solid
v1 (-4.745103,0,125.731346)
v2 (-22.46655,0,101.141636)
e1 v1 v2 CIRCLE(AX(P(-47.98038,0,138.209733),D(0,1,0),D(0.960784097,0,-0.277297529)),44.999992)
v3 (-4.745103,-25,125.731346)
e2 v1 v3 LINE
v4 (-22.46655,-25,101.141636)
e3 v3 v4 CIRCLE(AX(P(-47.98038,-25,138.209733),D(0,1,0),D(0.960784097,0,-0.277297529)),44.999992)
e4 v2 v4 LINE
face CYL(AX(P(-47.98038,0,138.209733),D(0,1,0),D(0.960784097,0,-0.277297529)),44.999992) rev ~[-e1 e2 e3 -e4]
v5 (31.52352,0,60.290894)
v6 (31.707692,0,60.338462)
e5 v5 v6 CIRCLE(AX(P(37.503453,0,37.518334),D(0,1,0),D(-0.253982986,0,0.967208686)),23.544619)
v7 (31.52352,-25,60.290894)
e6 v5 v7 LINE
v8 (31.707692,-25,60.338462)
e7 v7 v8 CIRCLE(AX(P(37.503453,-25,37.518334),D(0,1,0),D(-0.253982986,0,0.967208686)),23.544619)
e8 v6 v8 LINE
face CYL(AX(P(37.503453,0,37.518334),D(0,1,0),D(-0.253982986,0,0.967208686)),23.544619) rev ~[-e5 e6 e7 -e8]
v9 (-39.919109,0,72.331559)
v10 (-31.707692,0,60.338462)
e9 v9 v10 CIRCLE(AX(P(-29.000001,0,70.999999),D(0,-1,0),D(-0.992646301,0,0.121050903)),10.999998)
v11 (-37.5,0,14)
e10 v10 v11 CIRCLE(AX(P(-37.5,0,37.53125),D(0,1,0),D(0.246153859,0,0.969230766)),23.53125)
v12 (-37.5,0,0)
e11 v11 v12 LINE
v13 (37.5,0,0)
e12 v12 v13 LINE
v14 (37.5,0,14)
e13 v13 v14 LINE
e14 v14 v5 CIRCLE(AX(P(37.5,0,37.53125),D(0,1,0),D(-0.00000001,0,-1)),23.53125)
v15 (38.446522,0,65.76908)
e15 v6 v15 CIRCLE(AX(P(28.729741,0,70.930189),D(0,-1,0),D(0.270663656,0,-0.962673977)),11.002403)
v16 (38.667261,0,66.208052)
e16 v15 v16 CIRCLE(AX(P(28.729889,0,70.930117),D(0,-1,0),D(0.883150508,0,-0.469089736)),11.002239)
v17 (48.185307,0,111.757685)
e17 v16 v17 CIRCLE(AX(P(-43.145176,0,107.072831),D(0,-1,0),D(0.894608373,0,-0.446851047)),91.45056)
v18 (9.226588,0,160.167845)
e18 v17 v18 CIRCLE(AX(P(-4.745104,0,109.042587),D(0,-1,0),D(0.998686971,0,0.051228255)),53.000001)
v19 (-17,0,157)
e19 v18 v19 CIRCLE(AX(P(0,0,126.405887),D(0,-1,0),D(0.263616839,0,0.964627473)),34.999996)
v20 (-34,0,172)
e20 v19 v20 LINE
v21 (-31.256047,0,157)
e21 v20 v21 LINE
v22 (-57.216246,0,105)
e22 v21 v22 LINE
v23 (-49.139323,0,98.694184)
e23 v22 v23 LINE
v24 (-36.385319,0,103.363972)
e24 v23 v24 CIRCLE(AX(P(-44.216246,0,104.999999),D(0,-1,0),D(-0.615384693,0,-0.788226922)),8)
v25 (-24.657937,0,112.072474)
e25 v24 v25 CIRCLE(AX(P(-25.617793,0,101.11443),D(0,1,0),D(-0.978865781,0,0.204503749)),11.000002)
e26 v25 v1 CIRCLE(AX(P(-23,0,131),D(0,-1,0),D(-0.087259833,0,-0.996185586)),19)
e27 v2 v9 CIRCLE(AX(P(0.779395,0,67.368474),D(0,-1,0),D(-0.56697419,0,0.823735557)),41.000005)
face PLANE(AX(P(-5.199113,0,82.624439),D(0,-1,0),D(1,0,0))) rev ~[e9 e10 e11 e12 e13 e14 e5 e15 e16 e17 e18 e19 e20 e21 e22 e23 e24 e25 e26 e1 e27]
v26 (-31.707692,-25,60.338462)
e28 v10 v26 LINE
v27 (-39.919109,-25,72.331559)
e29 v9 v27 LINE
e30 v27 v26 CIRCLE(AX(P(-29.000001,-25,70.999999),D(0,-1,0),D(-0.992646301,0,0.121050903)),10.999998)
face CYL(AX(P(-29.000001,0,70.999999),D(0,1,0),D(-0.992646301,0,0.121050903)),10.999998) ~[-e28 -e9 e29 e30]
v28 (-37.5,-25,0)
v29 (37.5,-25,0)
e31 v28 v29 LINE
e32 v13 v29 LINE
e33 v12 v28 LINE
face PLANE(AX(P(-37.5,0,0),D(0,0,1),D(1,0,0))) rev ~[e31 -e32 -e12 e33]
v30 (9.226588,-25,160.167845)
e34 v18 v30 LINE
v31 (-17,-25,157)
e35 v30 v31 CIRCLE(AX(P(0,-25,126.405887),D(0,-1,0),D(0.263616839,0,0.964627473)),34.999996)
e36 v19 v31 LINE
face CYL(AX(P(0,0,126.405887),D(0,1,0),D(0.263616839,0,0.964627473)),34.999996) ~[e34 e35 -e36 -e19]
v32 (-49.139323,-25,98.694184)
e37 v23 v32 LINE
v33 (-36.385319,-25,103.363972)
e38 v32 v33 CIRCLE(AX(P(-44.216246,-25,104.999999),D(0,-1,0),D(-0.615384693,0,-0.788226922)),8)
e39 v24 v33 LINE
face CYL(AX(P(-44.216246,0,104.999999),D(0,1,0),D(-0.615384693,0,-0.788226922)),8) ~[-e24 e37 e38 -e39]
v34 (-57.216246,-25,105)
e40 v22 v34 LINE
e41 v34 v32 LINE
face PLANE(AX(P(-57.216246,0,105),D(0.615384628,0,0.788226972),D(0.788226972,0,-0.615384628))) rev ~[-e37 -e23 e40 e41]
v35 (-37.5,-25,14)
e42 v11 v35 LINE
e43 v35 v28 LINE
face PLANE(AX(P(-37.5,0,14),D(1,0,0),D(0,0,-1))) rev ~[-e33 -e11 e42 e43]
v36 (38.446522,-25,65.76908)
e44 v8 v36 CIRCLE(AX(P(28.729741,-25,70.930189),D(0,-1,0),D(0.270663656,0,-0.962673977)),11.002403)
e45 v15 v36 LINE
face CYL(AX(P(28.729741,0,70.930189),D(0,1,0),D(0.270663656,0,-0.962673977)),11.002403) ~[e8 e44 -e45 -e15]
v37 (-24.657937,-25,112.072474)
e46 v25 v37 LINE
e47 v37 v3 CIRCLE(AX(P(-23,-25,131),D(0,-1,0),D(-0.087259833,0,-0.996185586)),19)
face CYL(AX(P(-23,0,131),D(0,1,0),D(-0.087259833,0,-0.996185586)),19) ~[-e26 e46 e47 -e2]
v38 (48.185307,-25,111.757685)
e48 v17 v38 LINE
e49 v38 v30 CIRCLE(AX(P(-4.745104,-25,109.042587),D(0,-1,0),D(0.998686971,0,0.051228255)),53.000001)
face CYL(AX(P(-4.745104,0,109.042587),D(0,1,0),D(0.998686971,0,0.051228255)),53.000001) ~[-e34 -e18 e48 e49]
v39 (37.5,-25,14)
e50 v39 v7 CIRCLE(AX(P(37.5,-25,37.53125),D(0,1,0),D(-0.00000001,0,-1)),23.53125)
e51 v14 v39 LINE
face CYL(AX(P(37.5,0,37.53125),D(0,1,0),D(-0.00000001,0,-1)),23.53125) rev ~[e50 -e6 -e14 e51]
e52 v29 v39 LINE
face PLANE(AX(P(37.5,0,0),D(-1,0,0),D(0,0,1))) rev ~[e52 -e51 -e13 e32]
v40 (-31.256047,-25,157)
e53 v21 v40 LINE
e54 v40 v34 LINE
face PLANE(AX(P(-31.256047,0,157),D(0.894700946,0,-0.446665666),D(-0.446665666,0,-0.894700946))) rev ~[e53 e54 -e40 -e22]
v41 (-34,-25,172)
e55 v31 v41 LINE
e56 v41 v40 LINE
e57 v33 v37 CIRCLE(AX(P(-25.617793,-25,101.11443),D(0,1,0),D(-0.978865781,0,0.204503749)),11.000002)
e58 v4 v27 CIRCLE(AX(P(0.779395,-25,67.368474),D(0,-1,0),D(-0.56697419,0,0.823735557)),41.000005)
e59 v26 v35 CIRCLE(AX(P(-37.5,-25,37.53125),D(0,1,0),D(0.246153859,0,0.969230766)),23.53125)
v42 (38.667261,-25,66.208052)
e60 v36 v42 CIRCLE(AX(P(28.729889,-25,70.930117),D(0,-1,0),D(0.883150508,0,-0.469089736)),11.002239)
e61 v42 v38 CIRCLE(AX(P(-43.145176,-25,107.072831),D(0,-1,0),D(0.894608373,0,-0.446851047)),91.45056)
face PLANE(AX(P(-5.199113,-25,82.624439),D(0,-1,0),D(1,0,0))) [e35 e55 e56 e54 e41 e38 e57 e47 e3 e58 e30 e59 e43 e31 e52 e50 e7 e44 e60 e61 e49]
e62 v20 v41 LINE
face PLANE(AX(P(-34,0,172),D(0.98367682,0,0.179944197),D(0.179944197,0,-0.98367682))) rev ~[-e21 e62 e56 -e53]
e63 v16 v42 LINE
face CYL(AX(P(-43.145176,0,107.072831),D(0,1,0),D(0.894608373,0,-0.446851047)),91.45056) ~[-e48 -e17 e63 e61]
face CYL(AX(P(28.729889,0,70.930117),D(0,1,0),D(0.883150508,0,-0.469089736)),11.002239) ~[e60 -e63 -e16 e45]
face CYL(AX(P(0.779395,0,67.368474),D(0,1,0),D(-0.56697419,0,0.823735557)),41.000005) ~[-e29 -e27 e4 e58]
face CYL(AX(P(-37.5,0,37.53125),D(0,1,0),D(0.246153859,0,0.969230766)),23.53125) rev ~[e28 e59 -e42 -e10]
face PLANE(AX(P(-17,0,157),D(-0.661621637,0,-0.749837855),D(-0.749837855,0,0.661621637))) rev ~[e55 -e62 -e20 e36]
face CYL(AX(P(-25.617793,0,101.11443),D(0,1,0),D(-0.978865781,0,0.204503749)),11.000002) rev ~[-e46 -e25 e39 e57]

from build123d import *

# Parameters (mm, degrees)
F1_DEPTH = 25


with BuildPart() as f1:
    # F0 (on Front) → F1 (new body)
    with BuildSketch(Plane.XZ):
        with BuildLine():
            Line((-37.5, 14), (-37.5, 0))
            Line((-37.5, 0), (37.5, 0))
            Line((37.5, 0), (37.5, 14))
            ThreePointArc((37.5, 14), (14.162449, 34.518208), (31.52352, 60.290894))
            ThreePointArc((31.52352, 60.290894), (35.653559, 62.382645), (38.557186, 65.988417))
            ThreePointArc((38.557186, 65.988417), (38.612297, 66.098198), (38.667261, 66.208052))
            ThreePointArc((38.667261, 66.208052), (46.371917, 88.367349), (48.185307, 111.757685))
            ThreePointArc((48.185307, 111.757685), (36.544831, 142.271211), (9.226588, 160.167845))
            ThreePointArc((9.226588, 160.167845), (-4.197058, 161.153325), (-17, 157))
            Line((-17, 157), (-34, 172))
            Line((-34, 172), (-31.256047, 157))
            Line((-31.256047, 157), (-57.216246, 105))
            Line((-57.216246, 105), (-49.139323, 98.694184))
            ThreePointArc((-49.139323, 98.694184), (-41.465677, 97.487718), (-36.385319, 103.363972))
            ThreePointArc((-36.385319, 103.363972), (-32.175773, 109.945792), (-24.657937, 112.072474))
            ThreePointArc((-24.657937, 112.072474), (-12.25263, 115.331751), (-4.745103, 125.731346))
            ThreePointArc((-4.745103, 125.731346), (-11.473211, 111.899546), (-22.46655, 101.141636))
            ThreePointArc((-22.46655, 101.141636), (-34.288087, 88.611641), (-39.919109, 72.331559))
            ThreePointArc((-39.919109, 72.331559), (-38.076399, 64.785583), (-31.707692, 60.338462))
            ThreePointArc((-31.707692, 60.338462), (-14.150461, 34.612558), (-37.5, 14))
        make_face()
        with BuildLine():
            ThreePointArc((38.557186, 65.988417), (35.653559, 62.382645), (31.52352, 60.290894))
            ThreePointArc((31.52352, 60.290894), (31.615558, 60.314864), (31.707692, 60.338462))
            ThreePointArc((31.707692, 60.338462), (35.633505, 62.363339), (38.446522, 65.76908))
            ThreePointArc((38.446522, 65.76908), (38.501928, 65.878711), (38.557186, 65.988417))
        make_face()
        with BuildLine():
            ThreePointArc((38.667261, 66.208052), (38.612297, 66.098198), (38.557186, 65.988417))
            ThreePointArc((38.557186, 65.988417), (38.501928, 65.878711), (38.446522, 65.76908))
            ThreePointArc((38.446522, 65.76908), (38.559342, 65.987333), (38.667261, 66.208052))
        make_face()
    extrude(amount=F1_DEPTH)


solid = f1.part
